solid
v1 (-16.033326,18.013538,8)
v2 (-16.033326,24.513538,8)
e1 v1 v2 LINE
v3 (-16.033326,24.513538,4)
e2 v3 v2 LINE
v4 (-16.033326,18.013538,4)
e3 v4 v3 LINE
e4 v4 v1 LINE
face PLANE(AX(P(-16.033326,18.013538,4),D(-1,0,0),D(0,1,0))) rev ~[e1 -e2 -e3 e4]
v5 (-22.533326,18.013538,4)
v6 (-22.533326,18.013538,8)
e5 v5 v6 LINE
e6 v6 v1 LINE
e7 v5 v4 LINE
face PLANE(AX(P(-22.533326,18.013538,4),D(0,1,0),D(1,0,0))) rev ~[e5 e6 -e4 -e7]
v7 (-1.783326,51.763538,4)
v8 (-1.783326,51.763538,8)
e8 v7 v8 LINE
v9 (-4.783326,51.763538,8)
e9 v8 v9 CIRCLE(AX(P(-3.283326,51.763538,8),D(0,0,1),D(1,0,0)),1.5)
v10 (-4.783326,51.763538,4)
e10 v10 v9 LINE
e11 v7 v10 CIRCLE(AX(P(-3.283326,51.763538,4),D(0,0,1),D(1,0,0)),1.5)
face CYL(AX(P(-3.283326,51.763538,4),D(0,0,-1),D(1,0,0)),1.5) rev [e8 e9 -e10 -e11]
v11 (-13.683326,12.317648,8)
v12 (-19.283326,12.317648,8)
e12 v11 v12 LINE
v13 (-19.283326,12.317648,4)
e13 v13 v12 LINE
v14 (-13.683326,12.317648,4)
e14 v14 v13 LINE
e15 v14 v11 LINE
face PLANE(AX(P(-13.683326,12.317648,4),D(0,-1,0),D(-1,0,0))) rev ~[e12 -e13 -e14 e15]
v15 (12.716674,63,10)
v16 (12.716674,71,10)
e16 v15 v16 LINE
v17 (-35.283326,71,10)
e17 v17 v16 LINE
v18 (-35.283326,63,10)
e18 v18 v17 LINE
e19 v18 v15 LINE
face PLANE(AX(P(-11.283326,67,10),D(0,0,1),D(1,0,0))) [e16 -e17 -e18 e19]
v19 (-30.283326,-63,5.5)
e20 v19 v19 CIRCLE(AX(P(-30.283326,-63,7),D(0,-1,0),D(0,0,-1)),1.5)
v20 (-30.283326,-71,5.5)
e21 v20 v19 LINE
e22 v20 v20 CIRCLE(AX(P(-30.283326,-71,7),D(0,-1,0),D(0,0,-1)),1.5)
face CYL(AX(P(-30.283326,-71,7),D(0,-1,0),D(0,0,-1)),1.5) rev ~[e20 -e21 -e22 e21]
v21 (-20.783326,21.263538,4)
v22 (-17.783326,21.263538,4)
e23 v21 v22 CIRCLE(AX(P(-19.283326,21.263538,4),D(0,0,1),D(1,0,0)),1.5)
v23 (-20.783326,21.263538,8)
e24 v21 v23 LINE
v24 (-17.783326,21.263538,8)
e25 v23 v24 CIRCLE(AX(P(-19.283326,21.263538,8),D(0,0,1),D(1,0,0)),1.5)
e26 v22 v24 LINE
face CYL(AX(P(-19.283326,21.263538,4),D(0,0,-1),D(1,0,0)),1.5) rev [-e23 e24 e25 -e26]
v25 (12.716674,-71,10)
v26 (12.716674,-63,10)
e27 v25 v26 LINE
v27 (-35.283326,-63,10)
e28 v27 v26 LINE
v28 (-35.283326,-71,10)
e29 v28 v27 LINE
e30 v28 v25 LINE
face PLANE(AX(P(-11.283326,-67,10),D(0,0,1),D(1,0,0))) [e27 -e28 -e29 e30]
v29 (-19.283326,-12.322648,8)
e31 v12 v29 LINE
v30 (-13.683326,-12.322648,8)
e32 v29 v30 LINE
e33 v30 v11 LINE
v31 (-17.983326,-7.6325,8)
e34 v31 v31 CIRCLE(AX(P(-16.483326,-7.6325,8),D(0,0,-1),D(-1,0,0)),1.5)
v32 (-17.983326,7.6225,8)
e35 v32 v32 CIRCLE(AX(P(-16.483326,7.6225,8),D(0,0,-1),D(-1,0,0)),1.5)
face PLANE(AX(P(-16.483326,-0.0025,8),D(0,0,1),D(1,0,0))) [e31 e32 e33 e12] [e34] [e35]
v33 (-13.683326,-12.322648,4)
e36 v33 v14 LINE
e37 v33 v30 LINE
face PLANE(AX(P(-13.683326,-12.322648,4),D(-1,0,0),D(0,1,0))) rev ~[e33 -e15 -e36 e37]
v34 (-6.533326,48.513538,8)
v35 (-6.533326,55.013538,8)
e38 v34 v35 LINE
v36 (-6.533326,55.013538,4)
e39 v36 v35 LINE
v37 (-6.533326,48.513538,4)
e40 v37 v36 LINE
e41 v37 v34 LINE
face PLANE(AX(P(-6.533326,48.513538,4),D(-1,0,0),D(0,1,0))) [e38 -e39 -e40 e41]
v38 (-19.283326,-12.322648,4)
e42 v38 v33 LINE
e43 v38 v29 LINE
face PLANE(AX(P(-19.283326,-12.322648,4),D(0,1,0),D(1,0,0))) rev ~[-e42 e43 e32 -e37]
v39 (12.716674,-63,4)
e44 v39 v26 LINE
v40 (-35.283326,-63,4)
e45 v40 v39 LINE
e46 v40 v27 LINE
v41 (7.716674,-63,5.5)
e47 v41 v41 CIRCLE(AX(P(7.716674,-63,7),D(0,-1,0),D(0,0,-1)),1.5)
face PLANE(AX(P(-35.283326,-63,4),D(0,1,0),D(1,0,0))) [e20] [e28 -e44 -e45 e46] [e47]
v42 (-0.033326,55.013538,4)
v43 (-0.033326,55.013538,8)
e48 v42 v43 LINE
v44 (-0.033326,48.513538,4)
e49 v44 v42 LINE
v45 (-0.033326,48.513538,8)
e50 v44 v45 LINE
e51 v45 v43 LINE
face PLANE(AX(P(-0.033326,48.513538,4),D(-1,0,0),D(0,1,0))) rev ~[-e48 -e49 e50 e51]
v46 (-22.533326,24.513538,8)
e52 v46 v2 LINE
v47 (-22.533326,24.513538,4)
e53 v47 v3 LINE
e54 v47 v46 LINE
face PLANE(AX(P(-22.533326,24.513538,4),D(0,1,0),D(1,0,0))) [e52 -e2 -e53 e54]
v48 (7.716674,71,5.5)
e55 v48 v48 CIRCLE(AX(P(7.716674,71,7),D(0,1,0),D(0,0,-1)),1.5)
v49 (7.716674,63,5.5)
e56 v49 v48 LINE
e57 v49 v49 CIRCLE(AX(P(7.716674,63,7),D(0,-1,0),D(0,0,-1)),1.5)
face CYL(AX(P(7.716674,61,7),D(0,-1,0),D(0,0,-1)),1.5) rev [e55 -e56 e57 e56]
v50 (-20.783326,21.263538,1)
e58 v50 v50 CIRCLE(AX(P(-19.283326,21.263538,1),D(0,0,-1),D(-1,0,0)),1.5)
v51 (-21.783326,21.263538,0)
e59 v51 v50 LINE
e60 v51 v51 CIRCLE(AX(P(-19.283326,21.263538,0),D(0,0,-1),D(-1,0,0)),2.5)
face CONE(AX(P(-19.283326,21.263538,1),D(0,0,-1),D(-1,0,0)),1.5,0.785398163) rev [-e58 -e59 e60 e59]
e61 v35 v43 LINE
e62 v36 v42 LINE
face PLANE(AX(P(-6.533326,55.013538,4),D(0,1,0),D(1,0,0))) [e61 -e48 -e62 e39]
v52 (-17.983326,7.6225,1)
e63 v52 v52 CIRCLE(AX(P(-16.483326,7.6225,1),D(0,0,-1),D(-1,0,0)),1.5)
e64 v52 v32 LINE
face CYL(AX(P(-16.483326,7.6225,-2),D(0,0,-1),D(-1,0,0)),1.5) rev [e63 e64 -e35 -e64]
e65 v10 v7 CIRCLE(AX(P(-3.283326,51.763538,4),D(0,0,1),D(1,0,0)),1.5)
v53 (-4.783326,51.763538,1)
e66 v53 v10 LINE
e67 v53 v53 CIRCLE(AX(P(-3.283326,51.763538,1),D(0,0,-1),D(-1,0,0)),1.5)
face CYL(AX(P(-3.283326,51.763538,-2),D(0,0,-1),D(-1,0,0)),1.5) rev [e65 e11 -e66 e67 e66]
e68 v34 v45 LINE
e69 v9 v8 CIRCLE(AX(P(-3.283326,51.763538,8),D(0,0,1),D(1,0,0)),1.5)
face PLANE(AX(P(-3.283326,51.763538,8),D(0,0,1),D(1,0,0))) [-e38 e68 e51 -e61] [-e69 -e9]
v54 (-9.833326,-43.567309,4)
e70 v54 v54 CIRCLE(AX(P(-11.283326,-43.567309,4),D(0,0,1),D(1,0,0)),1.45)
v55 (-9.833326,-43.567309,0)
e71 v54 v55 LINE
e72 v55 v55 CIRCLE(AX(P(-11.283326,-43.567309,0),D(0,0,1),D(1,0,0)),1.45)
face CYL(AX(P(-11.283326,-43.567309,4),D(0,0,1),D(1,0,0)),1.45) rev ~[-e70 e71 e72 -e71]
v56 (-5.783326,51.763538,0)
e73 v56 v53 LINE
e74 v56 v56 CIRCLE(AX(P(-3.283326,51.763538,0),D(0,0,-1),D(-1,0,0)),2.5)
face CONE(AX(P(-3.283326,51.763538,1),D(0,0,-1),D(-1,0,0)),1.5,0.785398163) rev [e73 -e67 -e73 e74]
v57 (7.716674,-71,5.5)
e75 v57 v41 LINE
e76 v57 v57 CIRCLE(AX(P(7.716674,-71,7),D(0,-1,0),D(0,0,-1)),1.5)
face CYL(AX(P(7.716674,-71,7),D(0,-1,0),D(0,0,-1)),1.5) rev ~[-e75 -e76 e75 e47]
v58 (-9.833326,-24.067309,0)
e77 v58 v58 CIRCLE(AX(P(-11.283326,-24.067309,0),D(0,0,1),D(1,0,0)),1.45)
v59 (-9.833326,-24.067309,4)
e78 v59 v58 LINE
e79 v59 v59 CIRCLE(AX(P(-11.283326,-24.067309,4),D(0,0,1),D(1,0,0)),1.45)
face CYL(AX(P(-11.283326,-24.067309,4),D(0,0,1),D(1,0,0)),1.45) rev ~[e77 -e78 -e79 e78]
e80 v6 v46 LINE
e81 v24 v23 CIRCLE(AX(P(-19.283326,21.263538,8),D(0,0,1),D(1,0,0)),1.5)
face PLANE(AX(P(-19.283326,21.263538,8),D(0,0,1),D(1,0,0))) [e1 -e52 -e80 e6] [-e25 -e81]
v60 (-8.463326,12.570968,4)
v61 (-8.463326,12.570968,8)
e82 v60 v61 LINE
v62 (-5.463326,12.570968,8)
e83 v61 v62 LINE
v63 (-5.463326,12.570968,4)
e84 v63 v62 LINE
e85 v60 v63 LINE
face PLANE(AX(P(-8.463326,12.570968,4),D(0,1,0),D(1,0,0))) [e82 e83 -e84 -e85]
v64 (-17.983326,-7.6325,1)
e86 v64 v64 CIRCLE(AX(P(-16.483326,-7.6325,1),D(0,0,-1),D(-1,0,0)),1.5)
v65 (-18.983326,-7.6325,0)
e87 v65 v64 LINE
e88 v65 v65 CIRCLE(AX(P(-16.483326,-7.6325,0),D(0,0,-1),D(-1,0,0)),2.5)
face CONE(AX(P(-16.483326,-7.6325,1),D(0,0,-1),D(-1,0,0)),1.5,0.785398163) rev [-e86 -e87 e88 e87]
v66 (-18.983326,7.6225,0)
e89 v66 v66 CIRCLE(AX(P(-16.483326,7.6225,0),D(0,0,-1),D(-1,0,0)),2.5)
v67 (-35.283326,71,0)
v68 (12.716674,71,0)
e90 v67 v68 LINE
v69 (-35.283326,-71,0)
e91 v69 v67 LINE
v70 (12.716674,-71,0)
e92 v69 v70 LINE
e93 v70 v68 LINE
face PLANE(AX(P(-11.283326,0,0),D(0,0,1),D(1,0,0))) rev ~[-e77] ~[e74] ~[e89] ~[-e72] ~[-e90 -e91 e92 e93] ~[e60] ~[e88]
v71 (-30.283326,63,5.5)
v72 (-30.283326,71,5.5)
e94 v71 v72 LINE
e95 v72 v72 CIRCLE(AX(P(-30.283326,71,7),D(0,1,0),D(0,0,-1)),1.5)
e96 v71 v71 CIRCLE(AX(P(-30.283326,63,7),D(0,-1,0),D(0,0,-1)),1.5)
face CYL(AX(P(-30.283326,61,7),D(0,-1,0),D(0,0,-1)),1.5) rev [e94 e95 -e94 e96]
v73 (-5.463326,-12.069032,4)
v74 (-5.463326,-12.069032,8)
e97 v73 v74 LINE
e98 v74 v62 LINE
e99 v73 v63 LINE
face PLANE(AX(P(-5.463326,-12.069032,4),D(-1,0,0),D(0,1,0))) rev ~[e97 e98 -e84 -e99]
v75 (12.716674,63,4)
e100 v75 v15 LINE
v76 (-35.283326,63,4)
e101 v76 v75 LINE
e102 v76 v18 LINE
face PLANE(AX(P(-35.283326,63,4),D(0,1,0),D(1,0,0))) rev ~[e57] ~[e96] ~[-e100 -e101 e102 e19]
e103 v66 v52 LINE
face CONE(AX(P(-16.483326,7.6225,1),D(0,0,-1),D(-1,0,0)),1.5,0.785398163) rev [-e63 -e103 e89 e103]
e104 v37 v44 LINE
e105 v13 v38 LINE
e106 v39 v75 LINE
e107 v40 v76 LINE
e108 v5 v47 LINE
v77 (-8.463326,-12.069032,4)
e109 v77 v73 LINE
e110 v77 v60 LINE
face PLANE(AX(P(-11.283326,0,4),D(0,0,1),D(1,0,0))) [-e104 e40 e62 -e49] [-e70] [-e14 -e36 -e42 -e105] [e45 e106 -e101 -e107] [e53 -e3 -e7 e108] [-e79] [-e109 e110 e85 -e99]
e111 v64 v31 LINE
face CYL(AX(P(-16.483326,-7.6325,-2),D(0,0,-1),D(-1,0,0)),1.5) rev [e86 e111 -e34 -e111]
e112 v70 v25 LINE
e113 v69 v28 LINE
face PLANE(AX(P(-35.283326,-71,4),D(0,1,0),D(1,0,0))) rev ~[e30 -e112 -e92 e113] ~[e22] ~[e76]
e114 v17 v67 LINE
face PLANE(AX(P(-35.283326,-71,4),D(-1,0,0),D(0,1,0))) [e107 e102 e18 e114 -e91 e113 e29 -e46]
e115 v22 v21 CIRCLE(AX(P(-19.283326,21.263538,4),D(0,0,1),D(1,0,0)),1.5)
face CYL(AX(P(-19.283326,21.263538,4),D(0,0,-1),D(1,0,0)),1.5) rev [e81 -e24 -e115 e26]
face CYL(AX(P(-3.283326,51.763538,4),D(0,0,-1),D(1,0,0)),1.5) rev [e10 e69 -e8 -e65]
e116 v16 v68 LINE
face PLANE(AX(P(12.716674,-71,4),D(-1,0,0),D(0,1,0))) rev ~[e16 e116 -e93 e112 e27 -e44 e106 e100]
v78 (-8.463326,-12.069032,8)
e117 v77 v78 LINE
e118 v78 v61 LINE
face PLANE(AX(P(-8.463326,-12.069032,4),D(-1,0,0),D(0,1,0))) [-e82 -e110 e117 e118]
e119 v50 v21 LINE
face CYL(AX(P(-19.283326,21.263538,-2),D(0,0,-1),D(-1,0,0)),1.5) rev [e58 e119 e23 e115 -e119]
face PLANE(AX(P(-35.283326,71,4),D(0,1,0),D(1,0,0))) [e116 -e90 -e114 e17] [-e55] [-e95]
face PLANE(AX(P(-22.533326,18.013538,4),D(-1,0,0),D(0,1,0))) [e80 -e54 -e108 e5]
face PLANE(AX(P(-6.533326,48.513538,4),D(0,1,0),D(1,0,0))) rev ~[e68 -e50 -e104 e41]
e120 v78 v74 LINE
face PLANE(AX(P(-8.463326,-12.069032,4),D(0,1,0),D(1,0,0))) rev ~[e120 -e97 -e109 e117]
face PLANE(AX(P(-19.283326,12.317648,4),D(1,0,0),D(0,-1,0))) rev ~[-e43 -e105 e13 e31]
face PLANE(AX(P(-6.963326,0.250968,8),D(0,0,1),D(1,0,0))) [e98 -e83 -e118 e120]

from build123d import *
from build123d.topology import SkipClean

# Parameters (mm, degrees)
SZKIC1_W                        = 48
SZKIC1_H                        = 142
DODANIE_WYCI_GNI_CIE1_DEPTH     = 4
DODANIE_WYCI_GNI_CIE3_DEPTH     = 4
WYTNIJ_WYCI_GNI_CIE1_DEPTH      = 55
WYTNIJ_WYCI_GNI_CIE1_DEPTH_BACK = 10
SZKIC3_R                        = 1.5
SZKIC4_W                        = 3
SZKIC4_H                        = 24.64
DODANIE_WYCI_GNI_CIE4_DEPTH     = 4
SZKIC5_W                        = 48
SZKIC5_H                        = 8
DODANIE_WYCI_GNI_CIE5_DEPTH     = 6
SZKIC6_W                        = 48
SZKIC6_H                        = 8
DODANIE_WYCI_GNI_CIE6_DEPTH     = 6
SZKIC9_R                        = 1.5
WYTNIJ_WYCI_GNI_CIE4_DEPTH      = 10
WYTNIJ_WYCI_GNI_CIE5_START      = -10
SZKIC10_R                       = 1.5
WYTNIJ_WYCI_GNI_CIE5_DEPTH      = 10
SZKIC12_W                       = 6.5
SZKIC12_H                       = 6.5
SZKIC12_R                       = 1.5
DODANIE_WYCI_GNI_CIE7_DEPTH     = 4
SZKIC15_R                       = 1.45
WYTNIJ_WYCI_GNI_CIE6_DEPTH      = 10
WYTNIJ_WYCI_GNI_CIE7_START      = -10
SZKIC16_R                       = 1.5
WYTNIJ_WYCI_GNI_CIE7_DEPTH      = 10
SFAZOWANIE1_SIZE                = 1


with BuildPart() as part:
    # Szkic1 → Dodanie-wyciągnięcie1 (new body)
    with BuildSketch(Plane.XY):
        with Locations((-11.283325816, 0)):
            Rectangle(SZKIC1_W, SZKIC1_H)
    extrude(amount=DODANIE_WYCI_GNI_CIE1_DEPTH)

    # Szkic2 → Dodanie-wyciągnięcie3 (add)
    with BuildSketch(Plane.XY.offset(4)):
        Polygon((-13.683325816, 12.317647524), (-19.283325816, 12.317647524), (-19.283325816, -12.322647524), (-16.483325816, -12.322647524), (-13.683325816, -12.322647524), align=None)
    extrude(amount=DODANIE_WYCI_GNI_CIE3_DEPTH)

    # Szkic3 → Wytnij-wyciągnięcie1 (cut, two sides: drawn at the far end of the back side and taken through both)
    with BuildSketch(Plane.XY.offset(8).offset(-WYTNIJ_WYCI_GNI_CIE1_DEPTH_BACK)):
        with Locations(Location((-16.483325816, 7.6225, 0), (0, 0, 180))):
            Circle(SZKIC3_R)
        with Locations(Location((-16.483325816, -7.6325, 0), (0, 0, 180))):
            Circle(SZKIC3_R)
    extrude(amount=WYTNIJ_WYCI_GNI_CIE1_DEPTH + WYTNIJ_WYCI_GNI_CIE1_DEPTH_BACK, mode=Mode.SUBTRACT)

    # Szkic4 → Dodanie-wyciągnięcie4 (add)
    with BuildSketch(Plane.XY.offset(4)):
        with Locations((-6.963325816, 0.250968311)):
            Rectangle(SZKIC4_W, SZKIC4_H)
    extrude(amount=DODANIE_WYCI_GNI_CIE4_DEPTH)

    # Szkic5 → Dodanie-wyciągnięcie5 (add)
    with BuildSketch(Plane.XY.offset(4)):
        with Locations((-11.283325816, 67)):
            Rectangle(SZKIC5_W, SZKIC5_H)
    extrude(amount=DODANIE_WYCI_GNI_CIE5_DEPTH)

    # Szkic6 → Dodanie-wyciągnięcie6 (add)
    with BuildSketch(Plane.XY.offset(4)):
        with Locations((-11.283325816, -67)):
            Rectangle(SZKIC6_W, SZKIC6_H)
    extrude(amount=DODANIE_WYCI_GNI_CIE6_DEPTH)

    # Szkic9 → Wytnij-wyciągnięcie4 (cut)
    with BuildSketch(Plane.XZ.offset(71)):
        with Locations(Location((-30.283325816, 7, 0), (0, 0, 270))):
            Circle(SZKIC9_R)
        with Locations(Location((7.716674184, 7, 0), (0, 0, 270))):
            Circle(SZKIC9_R)
    extrude(amount=-WYTNIJ_WYCI_GNI_CIE4_DEPTH, mode=Mode.SUBTRACT)

    # Szkic10 → Wytnij-wyciągnięcie5 (cut)
    with BuildSketch(Plane(origin=(0, 71, 0), x_dir=(-1, 0, 0), z_dir=(0, 1, 0)).offset(WYTNIJ_WYCI_GNI_CIE5_START)):
        with Locations(Location((-7.716674184, 7, 0), (0, 0, 270))):
            Circle(SZKIC10_R)
        with Locations(Location((30.283325816, 7, 0), (0, 0, 270))):
            Circle(SZKIC10_R)
    extrude(amount=WYTNIJ_WYCI_GNI_CIE5_DEPTH, mode=Mode.SUBTRACT)

    # Szkic12 → Dodanie-wyciągnięcie7 (add)
    # profile 1 of 2: a face of its own
    with BuildSketch(Plane.XY.offset(4)):
        with Locations((-19.283325816, 21.26353769)):
            Rectangle(SZKIC12_W, SZKIC12_H)
        with Locations((-19.283325816, 21.26353769)):
            Circle(SZKIC12_R, mode=Mode.SUBTRACT)
    # profile 2 of 2: a face of its own
    with BuildSketch(Plane.XY.offset(4)):
        with Locations((-3.283325816, 51.76353769)):
            Rectangle(SZKIC12_W, SZKIC12_H)
        with Locations((-3.283325816, 51.76353769)):
            Circle(SZKIC12_R, mode=Mode.SUBTRACT)
    extrude(amount=DODANIE_WYCI_GNI_CIE7_DEPTH)

    # Szkic15 → Wytnij-wyciągnięcie6 (cut)
    with BuildSketch(Plane.XY.offset(4)):
        with Locations((-11.283325816, -24.067309246)):
            Circle(SZKIC15_R)
        with Locations((-11.283325816, -43.567309246)):
            Circle(SZKIC15_R)
    extrude(amount=-WYTNIJ_WYCI_GNI_CIE6_DEPTH, mode=Mode.SUBTRACT)

    # Szkic16 → Wytnij-wyciągnięcie7 (cut)
    with SkipClean():  # the faces are left unmerged after this step: merging them gives an invalid solid
        with BuildSketch(Plane.XY.offset(8).offset(WYTNIJ_WYCI_GNI_CIE7_START)):
            with Locations(Location((-3.283325816, 51.76353769, 0), (0, 0, 180))):
                Circle(SZKIC16_R)
            with Locations(Location((-19.283325816, 21.26353769, 0), (0, 0, 180))):
                Circle(SZKIC16_R)
        extrude(amount=WYTNIJ_WYCI_GNI_CIE7_DEPTH, mode=Mode.SUBTRACT)

    # Sfazowanie1
    sfazowanie1_edges = [part.edges().sort_by_distance(p)[0] for p in [
        (-1.783325816, 51.76353769, 0),
        (-17.783325816, 21.26353769, 0),
        (-14.983325816, -7.6325, 0),
        (-14.983325816, 7.6225, 0),
    ]]
    chamfer(sfazowanie1_edges, length=SFAZOWANIE1_SIZE)


solid = part.part
